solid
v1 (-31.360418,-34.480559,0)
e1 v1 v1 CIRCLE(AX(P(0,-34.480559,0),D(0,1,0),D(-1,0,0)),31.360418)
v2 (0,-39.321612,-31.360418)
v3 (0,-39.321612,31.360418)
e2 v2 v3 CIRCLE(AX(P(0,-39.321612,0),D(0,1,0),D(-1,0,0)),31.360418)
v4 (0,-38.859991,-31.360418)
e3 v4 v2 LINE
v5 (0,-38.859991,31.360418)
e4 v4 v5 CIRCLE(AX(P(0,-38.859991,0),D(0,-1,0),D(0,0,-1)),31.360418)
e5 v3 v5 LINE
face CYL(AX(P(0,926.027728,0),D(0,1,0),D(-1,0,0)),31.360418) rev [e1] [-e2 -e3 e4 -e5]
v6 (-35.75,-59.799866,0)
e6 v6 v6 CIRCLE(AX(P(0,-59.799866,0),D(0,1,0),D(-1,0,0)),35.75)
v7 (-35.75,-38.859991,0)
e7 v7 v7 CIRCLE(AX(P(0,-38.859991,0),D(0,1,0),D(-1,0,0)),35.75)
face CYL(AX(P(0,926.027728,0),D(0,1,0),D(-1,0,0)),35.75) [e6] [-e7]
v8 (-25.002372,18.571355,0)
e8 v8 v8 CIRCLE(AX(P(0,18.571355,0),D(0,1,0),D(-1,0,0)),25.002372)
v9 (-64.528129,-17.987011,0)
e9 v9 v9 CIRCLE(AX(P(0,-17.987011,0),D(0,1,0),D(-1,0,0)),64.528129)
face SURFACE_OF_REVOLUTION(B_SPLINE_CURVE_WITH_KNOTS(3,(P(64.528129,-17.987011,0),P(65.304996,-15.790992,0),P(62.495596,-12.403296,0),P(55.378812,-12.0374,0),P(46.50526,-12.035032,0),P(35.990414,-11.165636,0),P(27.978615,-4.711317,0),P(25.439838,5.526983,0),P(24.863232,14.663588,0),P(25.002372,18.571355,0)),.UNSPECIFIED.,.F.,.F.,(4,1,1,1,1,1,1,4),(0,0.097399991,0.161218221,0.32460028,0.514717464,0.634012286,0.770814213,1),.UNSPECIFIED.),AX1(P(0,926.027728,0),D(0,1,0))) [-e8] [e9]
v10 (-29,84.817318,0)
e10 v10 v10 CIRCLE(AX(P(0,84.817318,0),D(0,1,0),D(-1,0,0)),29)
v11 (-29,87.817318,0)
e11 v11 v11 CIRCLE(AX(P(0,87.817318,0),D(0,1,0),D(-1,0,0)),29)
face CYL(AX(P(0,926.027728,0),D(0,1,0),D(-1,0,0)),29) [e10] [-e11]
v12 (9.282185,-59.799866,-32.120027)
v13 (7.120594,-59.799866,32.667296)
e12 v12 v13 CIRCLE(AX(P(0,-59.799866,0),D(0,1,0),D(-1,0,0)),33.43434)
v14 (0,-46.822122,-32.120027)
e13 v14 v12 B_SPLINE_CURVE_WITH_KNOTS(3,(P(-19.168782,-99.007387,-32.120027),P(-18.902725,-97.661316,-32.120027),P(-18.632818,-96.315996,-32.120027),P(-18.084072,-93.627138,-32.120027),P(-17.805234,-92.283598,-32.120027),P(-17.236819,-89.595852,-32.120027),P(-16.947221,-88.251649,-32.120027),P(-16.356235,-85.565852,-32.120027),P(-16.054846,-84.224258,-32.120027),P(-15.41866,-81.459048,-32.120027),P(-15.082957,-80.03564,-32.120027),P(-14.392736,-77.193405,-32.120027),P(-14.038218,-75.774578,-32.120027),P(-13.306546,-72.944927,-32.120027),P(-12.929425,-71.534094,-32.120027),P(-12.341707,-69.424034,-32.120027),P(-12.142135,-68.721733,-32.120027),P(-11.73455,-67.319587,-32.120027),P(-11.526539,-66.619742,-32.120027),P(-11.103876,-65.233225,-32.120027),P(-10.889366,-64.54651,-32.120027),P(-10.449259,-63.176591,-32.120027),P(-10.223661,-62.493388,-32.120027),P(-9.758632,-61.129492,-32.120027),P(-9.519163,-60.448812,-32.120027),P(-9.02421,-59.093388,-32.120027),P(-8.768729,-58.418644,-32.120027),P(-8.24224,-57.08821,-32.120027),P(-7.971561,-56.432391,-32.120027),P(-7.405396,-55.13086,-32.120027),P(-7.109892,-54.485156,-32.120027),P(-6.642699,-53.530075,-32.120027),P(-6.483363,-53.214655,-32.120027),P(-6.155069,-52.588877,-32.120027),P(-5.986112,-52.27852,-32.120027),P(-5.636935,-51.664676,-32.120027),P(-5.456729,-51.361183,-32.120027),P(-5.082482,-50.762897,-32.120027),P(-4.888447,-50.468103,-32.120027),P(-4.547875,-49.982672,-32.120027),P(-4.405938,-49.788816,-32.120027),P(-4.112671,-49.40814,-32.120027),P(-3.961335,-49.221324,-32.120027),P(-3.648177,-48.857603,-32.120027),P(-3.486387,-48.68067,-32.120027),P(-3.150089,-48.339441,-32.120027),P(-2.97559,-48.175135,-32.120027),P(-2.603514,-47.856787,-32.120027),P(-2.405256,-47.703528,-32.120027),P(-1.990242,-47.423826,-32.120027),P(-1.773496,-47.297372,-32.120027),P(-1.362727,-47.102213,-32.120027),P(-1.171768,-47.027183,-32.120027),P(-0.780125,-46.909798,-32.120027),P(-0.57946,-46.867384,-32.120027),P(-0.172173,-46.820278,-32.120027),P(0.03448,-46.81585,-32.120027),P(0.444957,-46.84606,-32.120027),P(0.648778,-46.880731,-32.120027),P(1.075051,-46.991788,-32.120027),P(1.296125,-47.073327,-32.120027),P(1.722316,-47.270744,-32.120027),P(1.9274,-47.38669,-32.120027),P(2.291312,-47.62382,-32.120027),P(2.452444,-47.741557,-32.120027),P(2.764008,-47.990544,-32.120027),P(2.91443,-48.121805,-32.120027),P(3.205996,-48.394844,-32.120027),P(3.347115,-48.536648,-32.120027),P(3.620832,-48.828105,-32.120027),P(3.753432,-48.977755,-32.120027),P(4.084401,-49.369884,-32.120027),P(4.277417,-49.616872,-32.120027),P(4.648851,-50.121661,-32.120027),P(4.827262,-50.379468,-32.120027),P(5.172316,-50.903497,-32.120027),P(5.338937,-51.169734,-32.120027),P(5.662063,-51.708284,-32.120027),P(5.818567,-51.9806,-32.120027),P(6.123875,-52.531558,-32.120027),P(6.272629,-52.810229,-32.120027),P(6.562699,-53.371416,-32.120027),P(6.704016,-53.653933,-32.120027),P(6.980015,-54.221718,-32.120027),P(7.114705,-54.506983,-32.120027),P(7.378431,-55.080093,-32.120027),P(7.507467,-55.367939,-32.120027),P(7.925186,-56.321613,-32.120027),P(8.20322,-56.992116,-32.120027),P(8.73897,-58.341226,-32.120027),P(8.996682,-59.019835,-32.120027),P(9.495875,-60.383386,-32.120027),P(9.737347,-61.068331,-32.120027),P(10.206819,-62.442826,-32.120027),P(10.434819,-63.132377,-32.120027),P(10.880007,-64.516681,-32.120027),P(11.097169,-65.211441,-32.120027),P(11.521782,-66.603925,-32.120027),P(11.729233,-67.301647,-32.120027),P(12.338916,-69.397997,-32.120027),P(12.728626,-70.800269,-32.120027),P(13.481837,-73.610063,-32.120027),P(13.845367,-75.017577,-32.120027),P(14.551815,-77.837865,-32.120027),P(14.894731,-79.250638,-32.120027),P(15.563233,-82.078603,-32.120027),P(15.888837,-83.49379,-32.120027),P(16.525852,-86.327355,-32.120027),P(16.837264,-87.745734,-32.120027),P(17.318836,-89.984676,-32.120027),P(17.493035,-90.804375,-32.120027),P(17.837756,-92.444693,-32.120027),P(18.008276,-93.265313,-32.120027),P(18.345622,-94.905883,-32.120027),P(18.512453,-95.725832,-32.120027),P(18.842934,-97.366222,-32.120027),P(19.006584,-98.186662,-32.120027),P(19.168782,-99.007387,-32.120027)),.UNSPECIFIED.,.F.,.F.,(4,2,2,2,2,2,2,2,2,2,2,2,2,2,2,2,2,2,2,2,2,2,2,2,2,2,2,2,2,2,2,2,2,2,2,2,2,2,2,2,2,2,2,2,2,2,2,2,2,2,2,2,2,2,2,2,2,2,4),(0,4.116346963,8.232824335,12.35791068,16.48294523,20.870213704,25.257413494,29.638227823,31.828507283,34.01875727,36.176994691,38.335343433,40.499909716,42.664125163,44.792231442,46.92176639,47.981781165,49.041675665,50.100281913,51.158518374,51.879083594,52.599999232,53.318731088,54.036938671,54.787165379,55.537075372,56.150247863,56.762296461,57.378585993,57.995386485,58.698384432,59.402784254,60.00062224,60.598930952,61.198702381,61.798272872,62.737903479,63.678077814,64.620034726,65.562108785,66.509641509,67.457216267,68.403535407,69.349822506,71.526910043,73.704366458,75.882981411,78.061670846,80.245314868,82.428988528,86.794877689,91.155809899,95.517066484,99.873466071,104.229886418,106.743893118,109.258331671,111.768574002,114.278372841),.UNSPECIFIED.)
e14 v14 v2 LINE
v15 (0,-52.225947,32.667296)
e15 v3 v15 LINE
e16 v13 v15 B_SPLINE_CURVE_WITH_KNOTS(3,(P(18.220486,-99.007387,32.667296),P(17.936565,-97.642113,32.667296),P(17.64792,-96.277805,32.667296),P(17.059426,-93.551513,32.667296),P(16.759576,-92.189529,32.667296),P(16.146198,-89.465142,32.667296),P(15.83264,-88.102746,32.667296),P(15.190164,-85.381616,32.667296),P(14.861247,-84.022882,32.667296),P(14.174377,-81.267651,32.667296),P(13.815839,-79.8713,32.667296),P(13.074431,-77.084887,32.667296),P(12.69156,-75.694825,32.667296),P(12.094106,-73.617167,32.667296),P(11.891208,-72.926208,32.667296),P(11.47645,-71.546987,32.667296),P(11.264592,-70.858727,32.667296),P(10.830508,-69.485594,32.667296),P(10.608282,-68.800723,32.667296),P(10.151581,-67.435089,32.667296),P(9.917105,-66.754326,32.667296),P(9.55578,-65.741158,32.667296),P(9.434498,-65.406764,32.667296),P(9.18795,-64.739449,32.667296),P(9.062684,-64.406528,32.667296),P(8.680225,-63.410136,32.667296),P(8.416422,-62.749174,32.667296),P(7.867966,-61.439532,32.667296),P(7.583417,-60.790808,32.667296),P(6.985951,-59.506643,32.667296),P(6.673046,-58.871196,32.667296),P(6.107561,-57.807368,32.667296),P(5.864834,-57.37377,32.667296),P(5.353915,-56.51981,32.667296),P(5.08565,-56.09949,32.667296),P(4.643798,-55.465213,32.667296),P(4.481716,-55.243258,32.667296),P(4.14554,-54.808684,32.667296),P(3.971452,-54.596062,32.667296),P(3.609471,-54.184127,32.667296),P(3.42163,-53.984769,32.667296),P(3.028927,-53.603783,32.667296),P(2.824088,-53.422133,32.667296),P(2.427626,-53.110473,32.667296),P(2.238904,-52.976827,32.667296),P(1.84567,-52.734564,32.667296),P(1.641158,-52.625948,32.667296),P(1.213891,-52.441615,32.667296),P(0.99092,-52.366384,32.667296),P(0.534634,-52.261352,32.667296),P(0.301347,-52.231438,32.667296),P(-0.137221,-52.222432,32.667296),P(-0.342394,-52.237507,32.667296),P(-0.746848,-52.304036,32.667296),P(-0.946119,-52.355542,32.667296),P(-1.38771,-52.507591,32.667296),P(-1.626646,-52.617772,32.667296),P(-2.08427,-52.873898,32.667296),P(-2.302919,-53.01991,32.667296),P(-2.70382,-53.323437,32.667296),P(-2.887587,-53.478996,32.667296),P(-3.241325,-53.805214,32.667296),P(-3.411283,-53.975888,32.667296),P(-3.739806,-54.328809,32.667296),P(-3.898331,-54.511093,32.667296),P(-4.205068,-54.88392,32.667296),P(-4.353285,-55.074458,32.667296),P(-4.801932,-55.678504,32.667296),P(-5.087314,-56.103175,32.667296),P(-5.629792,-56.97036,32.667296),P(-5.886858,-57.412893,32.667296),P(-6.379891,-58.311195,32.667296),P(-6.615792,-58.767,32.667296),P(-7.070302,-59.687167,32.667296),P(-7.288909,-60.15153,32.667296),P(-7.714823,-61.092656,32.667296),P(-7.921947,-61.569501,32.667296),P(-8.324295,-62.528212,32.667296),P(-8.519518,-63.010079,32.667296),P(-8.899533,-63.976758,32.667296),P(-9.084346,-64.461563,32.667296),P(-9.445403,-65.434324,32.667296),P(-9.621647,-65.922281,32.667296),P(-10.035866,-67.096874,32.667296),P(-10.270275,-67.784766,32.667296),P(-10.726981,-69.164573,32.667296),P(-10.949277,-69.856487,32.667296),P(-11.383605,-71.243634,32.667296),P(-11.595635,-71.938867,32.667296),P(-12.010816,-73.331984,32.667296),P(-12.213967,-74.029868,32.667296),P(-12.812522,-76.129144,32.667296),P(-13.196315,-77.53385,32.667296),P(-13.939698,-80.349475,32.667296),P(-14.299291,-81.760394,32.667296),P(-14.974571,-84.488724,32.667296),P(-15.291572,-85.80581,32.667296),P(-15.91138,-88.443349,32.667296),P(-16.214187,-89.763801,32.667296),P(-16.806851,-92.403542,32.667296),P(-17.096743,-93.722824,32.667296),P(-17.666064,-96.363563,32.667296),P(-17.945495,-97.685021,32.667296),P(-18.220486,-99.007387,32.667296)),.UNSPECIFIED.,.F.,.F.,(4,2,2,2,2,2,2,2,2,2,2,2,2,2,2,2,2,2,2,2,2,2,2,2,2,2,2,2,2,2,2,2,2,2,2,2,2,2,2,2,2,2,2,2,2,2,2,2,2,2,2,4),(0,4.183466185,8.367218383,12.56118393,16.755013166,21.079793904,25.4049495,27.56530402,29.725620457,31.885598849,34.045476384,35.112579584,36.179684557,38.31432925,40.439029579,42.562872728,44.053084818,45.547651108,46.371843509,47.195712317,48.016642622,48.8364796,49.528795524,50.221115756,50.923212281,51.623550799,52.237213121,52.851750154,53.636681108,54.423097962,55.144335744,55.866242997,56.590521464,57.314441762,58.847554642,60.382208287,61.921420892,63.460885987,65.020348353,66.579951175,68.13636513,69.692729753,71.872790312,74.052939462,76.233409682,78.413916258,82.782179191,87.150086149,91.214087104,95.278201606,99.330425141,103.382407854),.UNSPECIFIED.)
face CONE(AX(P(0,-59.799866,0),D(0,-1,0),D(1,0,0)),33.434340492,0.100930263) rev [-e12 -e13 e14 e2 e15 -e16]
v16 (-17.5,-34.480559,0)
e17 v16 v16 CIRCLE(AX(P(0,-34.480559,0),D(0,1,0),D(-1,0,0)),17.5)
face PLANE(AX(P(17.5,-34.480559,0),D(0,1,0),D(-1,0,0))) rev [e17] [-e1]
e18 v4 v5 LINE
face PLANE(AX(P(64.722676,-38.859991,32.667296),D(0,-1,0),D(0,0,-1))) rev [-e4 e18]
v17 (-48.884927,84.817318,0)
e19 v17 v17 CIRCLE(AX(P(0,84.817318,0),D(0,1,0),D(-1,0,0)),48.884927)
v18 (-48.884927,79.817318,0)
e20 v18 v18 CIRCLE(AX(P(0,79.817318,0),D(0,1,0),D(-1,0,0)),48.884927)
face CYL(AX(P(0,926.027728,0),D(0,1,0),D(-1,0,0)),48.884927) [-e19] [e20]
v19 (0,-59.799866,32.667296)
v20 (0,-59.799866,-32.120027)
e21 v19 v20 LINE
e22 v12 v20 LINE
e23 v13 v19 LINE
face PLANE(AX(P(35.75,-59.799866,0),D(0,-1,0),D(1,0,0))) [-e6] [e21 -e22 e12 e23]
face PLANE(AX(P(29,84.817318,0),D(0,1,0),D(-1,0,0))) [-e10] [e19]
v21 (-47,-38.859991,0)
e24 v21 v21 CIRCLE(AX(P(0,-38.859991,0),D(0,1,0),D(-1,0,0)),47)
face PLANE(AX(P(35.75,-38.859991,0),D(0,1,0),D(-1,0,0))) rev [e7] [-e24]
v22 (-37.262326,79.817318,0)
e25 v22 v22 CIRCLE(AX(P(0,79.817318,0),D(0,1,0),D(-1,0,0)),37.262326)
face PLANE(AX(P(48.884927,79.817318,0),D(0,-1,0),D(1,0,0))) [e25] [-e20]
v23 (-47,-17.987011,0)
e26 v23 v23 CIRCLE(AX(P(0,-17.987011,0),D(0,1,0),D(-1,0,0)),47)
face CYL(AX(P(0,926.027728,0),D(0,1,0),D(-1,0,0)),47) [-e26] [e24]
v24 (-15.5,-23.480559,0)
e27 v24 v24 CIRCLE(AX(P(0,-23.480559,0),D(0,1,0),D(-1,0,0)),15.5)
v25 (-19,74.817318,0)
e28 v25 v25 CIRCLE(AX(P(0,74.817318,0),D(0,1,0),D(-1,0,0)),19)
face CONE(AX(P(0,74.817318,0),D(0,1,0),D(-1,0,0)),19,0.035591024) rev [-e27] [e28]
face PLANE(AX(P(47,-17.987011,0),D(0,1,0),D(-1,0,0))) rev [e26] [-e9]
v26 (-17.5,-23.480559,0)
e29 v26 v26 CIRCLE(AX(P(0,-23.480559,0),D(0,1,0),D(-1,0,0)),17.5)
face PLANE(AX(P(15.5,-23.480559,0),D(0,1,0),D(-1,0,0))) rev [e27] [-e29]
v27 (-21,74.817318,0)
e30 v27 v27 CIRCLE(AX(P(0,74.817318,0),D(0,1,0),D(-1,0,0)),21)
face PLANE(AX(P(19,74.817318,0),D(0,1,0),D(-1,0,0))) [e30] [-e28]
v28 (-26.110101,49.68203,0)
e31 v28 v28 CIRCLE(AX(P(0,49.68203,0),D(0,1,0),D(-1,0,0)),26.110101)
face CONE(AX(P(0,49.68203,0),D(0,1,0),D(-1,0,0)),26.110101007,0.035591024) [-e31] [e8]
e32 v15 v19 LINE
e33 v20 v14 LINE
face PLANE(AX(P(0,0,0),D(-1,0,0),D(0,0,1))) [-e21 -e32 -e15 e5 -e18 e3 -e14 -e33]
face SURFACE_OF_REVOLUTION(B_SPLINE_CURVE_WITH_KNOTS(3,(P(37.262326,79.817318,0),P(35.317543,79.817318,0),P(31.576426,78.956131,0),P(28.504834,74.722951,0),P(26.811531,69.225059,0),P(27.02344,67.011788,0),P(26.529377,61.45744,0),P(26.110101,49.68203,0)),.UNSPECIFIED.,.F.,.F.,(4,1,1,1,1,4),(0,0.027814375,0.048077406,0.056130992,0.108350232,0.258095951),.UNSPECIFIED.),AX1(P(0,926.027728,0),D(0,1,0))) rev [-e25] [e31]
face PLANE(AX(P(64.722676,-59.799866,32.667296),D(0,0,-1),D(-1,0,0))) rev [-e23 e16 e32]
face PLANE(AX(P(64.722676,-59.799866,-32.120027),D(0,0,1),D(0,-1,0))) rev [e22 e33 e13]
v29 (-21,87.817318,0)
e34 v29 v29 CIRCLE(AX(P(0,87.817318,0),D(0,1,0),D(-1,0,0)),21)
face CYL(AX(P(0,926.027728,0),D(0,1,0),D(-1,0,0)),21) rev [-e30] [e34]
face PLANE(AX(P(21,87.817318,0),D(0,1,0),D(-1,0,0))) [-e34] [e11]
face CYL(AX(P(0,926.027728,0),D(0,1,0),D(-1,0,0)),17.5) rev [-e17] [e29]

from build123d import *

# Parameters (mm, degrees)
BOSS_EXTRUDE1_REACH = 66.721
SKETCH3_W           = 64.787323871
SKETCH3_H           = 20.939874787


with BuildPart() as part:
    # Sketch1 → Revolve1 (revolve)
    with BuildSketch(Plane.XY):
        with BuildLine():
            Line((19, 74.817317551), (21, 74.817317551))
            Line((21, 74.817317551), (21, 87.817317551))
            Line((21, 87.817317551), (29, 87.817317551))
            Line((29, 87.817317551), (29, 84.817317551))
            Line((29, 84.817317551), (48.884927091, 84.817317551))
            Line((48.884927091, 84.817317551), (48.884927091, 79.817317551))
            Line((48.884927091, 79.817317551), (37.26232647, 79.817317551))
            add(Edge.make_bspline(
                [(37.26232647, 79.817317551), (35.317542772, 79.817317551), (31.576426132, 78.956130843), (28.504834315, 74.722950853), (26.811531328, 69.225059311), (27.023440035, 67.0117878), (26.529376961, 61.457439784), (26.110101007, 49.682029535)],
                knots=[0, 0, 0, 0, 0.027814375, 0.048077406, 0.056130992, 0.108350232, 0.258095951, 0.258095951, 0.258095951, 0.258095951], degree=3))
            Line((26.110101007, 49.682029535), (25.002372474, 18.571354555))
            add(Edge.make_bspline(
                [(64.528129231, -17.987011239), (65.304995671, -15.790991926), (62.495595706, -12.403296178), (55.378812109, -12.037399906), (46.505259928, -12.035031844), (35.990414113, -11.165636172), (27.978614985, -4.711317004), (25.439837988, 5.526983198), (24.863232294, 14.663587636), (25.002372474, 18.571354555)],
                knots=[0, 0, 0, 0, 0.097399991, 0.161218221, 0.32460028, 0.514717464, 0.634012286, 0.770814213, 1, 1, 1, 1], degree=3))
            Line((64.528129231, -17.987011239), (47, -17.987011239))
            Line((47, -17.987011239), (47, -38.859991473))
            Line((47, -38.859991473), (35.75, -38.859991473))
            Line((35.75, -38.859991473), (35.75, -59.79986626))
            Line((35.75, -59.79986626), (33.434340492, -59.79986626))
            Line((33.434340492, -59.79986626), (31.360417848, -39.321612307))
            Line((31.360417848, -39.321612307), (31.360417848, -34.480558786))
            Line((31.360417848, -34.480558786), (17.5, -34.480558786))
            Line((17.5, -34.480558786), (17.5, -23.480558786))
            Line((17.5, -23.480558786), (15.5, -23.480558786))
            Line((15.5, -23.480558786), (19, 74.817317551))
        make_face()
    revolve(axis=Axis((0, 926.027727684, 0), (0, -1, 0)))

    # Sketch3 → Boss-Extrude1 (add, up to next)
    with BuildSketch(Plane(origin=(0, 0, 0), x_dir=(0, 0, -1), z_dir=(1, 0, 0)), mode=Mode.PRIVATE) as boss_extrude1_sk1:
        with Locations((-0.273634545, -49.329928866)):
            Rectangle(SKETCH3_W, SKETCH3_H)
    boss_extrude1_tool1 = extrude(boss_extrude1_sk1.sketch, amount=BOSS_EXTRUDE1_REACH, mode=Mode.PRIVATE) - part.part
    add(boss_extrude1_tool1.solids().sort_by_distance((0, -49.329929, 0.273635))[0])


solid = part.part
